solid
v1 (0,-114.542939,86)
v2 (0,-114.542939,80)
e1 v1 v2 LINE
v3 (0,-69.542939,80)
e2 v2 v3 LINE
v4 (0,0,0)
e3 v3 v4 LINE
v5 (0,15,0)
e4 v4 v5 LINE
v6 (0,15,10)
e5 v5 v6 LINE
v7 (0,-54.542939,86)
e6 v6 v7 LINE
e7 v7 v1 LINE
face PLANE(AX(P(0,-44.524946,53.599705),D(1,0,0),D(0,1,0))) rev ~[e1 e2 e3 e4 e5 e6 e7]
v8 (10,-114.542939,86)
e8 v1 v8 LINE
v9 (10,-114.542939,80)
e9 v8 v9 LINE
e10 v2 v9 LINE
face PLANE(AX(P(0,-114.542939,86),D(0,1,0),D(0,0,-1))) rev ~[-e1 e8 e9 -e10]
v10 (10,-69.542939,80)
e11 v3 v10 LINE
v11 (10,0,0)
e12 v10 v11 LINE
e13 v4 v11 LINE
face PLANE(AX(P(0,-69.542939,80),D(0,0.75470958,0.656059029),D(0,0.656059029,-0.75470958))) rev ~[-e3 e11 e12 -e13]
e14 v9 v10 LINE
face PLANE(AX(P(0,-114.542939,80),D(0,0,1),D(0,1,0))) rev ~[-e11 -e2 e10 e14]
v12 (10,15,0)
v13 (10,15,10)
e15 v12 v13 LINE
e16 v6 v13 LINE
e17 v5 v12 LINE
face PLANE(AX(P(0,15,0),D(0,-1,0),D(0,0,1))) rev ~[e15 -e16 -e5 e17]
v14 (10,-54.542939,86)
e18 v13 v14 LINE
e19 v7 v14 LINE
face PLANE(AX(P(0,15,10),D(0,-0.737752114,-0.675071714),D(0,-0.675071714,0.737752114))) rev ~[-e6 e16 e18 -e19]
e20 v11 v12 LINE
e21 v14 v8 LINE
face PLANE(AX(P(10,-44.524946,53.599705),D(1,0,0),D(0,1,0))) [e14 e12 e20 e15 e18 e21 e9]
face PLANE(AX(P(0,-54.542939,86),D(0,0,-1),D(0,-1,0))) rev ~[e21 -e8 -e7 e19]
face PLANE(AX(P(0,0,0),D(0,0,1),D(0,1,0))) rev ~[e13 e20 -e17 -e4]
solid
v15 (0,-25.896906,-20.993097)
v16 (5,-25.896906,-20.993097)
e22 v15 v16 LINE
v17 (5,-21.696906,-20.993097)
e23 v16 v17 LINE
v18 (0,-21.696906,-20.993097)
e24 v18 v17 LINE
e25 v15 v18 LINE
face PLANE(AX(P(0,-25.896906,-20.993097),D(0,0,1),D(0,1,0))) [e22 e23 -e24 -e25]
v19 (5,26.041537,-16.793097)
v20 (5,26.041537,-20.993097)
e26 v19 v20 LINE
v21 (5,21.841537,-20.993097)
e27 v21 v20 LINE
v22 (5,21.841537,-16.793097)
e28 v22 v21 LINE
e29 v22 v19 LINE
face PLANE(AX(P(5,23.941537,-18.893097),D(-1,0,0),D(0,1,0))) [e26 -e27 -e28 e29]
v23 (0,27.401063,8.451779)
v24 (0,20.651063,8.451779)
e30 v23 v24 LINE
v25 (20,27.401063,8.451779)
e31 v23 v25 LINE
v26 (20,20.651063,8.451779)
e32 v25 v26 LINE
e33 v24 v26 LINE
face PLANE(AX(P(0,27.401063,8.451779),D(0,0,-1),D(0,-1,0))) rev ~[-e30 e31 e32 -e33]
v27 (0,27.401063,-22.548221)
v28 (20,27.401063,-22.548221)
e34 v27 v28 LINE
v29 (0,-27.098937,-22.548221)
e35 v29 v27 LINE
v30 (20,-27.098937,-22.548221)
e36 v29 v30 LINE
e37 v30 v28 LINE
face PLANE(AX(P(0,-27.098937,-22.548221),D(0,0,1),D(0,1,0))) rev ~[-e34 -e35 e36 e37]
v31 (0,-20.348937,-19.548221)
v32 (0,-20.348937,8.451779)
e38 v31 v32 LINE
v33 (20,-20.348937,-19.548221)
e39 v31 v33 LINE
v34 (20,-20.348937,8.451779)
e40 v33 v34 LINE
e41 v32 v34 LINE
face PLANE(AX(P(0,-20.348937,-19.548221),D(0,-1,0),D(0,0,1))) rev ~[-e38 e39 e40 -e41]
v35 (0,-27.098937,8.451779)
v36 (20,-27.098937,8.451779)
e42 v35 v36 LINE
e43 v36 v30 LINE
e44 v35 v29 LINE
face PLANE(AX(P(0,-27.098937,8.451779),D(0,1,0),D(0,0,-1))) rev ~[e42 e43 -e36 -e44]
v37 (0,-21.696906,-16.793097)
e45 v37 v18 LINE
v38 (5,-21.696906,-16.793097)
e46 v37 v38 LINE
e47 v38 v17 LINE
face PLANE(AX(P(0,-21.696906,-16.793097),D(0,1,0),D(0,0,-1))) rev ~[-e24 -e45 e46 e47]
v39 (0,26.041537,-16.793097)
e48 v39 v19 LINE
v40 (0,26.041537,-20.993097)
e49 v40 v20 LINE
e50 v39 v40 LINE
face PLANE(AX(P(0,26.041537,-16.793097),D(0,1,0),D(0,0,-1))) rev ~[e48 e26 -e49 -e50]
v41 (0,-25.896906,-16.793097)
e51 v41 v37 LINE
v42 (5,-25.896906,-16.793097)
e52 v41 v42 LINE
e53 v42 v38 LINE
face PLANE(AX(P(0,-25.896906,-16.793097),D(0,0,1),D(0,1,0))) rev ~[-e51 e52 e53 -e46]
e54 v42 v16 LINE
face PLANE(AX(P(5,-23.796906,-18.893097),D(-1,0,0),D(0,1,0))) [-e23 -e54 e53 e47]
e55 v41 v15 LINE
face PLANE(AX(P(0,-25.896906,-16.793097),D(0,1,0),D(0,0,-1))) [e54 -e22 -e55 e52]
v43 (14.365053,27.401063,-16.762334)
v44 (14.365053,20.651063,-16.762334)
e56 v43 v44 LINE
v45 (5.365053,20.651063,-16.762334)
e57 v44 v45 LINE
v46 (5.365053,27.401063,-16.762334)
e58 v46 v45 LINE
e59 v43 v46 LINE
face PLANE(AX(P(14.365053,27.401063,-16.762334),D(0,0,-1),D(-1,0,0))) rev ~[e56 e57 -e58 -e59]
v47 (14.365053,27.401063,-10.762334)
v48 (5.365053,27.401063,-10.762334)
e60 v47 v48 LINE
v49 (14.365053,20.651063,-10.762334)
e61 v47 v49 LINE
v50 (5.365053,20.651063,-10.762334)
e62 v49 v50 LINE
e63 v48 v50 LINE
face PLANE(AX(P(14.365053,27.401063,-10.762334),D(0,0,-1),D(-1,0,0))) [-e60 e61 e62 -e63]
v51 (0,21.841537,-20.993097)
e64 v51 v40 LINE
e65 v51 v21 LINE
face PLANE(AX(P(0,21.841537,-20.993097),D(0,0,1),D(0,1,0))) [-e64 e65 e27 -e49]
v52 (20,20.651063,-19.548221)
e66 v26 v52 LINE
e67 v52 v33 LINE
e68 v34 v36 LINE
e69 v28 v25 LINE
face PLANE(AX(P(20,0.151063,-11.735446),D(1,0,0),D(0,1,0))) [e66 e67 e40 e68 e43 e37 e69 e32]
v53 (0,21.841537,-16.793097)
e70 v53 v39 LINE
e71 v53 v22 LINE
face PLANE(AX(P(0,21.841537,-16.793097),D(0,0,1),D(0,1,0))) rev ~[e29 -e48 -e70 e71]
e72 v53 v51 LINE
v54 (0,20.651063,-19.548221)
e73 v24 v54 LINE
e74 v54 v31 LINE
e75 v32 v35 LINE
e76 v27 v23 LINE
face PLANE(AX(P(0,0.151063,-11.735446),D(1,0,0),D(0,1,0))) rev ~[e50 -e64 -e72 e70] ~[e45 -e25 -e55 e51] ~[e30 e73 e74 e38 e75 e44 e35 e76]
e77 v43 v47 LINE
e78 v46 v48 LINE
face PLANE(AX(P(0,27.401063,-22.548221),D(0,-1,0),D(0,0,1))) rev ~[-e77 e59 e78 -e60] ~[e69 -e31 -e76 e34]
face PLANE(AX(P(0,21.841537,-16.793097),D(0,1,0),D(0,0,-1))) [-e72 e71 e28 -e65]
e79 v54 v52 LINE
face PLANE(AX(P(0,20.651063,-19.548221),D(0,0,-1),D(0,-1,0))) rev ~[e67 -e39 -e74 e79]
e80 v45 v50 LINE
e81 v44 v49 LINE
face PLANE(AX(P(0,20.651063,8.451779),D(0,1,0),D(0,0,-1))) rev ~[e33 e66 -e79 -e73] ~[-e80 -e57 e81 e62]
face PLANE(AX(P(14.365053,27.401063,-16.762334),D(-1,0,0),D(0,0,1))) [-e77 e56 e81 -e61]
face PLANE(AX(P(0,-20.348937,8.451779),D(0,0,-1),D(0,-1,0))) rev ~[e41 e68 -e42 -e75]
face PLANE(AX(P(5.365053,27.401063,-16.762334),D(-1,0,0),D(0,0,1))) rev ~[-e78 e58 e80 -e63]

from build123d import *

# Parameters (mm, degrees)
PAD_DEPTH       = 10
PAD001_DEPTH    = 20
SKETCH003_W     = 9
SKETCH003_H     = 6
POCKET_DEPTH    = 8
SKETCH002_W     = 4.2
SKETCH002_H     = 4.2
POCKET001_DEPTH = 5


with BuildPart() as triangleconnectorbody:
    # Sketch → Pad (new body)
    with BuildSketch(Plane.YZ):
        Polygon((0, 0), (15, 0), (15, 10), (-54.542939, 86), (-114.542939, 86), (-114.542939, 80), (-69.542939, 80), align=None)
    extrude(amount=PAD_DEPTH)


with BuildPart() as body001:
    # Sketch001 → Pad001 (new body)
    with BuildSketch(Plane.YZ):
        Polygon((-27.098937, -22.548221), (27.401063, -22.548221), (27.401063, 8.451779), (20.651063, 8.451779), (20.651063, -19.548221), (-20.348937, -19.548221), (-20.348937, 8.451779), (-27.098937, 8.451779), align=None)
    extrude(amount=PAD001_DEPTH)

    # Sketch003 → Pocket (cut)
    with BuildSketch(Plane(origin=(0, 27.401063, 0), x_dir=(-1, 0, 0), z_dir=(0, 1, 0))):
        with Locations((-9.865053, -13.762334)):
            Rectangle(SKETCH003_W, SKETCH003_H)
    extrude(amount=-POCKET_DEPTH, mode=Mode.SUBTRACT)

    # Sketch002 (on Face4 of Pocket) → Pocket001 (cut)
    with BuildSketch(Plane(origin=(0, 0, 0), x_dir=(0, 1, 0), z_dir=(-1, 0, 0))):
        with Locations((-23.796906, 18.893097)):
            Rectangle(SKETCH002_W, SKETCH002_H)
        with Locations((23.941537, 18.893097)):
            Rectangle(SKETCH002_W, SKETCH002_H)
    extrude(amount=-POCKET001_DEPTH, mode=Mode.SUBTRACT)


solid = Compound([triangleconnectorbody.part, body001.part])
